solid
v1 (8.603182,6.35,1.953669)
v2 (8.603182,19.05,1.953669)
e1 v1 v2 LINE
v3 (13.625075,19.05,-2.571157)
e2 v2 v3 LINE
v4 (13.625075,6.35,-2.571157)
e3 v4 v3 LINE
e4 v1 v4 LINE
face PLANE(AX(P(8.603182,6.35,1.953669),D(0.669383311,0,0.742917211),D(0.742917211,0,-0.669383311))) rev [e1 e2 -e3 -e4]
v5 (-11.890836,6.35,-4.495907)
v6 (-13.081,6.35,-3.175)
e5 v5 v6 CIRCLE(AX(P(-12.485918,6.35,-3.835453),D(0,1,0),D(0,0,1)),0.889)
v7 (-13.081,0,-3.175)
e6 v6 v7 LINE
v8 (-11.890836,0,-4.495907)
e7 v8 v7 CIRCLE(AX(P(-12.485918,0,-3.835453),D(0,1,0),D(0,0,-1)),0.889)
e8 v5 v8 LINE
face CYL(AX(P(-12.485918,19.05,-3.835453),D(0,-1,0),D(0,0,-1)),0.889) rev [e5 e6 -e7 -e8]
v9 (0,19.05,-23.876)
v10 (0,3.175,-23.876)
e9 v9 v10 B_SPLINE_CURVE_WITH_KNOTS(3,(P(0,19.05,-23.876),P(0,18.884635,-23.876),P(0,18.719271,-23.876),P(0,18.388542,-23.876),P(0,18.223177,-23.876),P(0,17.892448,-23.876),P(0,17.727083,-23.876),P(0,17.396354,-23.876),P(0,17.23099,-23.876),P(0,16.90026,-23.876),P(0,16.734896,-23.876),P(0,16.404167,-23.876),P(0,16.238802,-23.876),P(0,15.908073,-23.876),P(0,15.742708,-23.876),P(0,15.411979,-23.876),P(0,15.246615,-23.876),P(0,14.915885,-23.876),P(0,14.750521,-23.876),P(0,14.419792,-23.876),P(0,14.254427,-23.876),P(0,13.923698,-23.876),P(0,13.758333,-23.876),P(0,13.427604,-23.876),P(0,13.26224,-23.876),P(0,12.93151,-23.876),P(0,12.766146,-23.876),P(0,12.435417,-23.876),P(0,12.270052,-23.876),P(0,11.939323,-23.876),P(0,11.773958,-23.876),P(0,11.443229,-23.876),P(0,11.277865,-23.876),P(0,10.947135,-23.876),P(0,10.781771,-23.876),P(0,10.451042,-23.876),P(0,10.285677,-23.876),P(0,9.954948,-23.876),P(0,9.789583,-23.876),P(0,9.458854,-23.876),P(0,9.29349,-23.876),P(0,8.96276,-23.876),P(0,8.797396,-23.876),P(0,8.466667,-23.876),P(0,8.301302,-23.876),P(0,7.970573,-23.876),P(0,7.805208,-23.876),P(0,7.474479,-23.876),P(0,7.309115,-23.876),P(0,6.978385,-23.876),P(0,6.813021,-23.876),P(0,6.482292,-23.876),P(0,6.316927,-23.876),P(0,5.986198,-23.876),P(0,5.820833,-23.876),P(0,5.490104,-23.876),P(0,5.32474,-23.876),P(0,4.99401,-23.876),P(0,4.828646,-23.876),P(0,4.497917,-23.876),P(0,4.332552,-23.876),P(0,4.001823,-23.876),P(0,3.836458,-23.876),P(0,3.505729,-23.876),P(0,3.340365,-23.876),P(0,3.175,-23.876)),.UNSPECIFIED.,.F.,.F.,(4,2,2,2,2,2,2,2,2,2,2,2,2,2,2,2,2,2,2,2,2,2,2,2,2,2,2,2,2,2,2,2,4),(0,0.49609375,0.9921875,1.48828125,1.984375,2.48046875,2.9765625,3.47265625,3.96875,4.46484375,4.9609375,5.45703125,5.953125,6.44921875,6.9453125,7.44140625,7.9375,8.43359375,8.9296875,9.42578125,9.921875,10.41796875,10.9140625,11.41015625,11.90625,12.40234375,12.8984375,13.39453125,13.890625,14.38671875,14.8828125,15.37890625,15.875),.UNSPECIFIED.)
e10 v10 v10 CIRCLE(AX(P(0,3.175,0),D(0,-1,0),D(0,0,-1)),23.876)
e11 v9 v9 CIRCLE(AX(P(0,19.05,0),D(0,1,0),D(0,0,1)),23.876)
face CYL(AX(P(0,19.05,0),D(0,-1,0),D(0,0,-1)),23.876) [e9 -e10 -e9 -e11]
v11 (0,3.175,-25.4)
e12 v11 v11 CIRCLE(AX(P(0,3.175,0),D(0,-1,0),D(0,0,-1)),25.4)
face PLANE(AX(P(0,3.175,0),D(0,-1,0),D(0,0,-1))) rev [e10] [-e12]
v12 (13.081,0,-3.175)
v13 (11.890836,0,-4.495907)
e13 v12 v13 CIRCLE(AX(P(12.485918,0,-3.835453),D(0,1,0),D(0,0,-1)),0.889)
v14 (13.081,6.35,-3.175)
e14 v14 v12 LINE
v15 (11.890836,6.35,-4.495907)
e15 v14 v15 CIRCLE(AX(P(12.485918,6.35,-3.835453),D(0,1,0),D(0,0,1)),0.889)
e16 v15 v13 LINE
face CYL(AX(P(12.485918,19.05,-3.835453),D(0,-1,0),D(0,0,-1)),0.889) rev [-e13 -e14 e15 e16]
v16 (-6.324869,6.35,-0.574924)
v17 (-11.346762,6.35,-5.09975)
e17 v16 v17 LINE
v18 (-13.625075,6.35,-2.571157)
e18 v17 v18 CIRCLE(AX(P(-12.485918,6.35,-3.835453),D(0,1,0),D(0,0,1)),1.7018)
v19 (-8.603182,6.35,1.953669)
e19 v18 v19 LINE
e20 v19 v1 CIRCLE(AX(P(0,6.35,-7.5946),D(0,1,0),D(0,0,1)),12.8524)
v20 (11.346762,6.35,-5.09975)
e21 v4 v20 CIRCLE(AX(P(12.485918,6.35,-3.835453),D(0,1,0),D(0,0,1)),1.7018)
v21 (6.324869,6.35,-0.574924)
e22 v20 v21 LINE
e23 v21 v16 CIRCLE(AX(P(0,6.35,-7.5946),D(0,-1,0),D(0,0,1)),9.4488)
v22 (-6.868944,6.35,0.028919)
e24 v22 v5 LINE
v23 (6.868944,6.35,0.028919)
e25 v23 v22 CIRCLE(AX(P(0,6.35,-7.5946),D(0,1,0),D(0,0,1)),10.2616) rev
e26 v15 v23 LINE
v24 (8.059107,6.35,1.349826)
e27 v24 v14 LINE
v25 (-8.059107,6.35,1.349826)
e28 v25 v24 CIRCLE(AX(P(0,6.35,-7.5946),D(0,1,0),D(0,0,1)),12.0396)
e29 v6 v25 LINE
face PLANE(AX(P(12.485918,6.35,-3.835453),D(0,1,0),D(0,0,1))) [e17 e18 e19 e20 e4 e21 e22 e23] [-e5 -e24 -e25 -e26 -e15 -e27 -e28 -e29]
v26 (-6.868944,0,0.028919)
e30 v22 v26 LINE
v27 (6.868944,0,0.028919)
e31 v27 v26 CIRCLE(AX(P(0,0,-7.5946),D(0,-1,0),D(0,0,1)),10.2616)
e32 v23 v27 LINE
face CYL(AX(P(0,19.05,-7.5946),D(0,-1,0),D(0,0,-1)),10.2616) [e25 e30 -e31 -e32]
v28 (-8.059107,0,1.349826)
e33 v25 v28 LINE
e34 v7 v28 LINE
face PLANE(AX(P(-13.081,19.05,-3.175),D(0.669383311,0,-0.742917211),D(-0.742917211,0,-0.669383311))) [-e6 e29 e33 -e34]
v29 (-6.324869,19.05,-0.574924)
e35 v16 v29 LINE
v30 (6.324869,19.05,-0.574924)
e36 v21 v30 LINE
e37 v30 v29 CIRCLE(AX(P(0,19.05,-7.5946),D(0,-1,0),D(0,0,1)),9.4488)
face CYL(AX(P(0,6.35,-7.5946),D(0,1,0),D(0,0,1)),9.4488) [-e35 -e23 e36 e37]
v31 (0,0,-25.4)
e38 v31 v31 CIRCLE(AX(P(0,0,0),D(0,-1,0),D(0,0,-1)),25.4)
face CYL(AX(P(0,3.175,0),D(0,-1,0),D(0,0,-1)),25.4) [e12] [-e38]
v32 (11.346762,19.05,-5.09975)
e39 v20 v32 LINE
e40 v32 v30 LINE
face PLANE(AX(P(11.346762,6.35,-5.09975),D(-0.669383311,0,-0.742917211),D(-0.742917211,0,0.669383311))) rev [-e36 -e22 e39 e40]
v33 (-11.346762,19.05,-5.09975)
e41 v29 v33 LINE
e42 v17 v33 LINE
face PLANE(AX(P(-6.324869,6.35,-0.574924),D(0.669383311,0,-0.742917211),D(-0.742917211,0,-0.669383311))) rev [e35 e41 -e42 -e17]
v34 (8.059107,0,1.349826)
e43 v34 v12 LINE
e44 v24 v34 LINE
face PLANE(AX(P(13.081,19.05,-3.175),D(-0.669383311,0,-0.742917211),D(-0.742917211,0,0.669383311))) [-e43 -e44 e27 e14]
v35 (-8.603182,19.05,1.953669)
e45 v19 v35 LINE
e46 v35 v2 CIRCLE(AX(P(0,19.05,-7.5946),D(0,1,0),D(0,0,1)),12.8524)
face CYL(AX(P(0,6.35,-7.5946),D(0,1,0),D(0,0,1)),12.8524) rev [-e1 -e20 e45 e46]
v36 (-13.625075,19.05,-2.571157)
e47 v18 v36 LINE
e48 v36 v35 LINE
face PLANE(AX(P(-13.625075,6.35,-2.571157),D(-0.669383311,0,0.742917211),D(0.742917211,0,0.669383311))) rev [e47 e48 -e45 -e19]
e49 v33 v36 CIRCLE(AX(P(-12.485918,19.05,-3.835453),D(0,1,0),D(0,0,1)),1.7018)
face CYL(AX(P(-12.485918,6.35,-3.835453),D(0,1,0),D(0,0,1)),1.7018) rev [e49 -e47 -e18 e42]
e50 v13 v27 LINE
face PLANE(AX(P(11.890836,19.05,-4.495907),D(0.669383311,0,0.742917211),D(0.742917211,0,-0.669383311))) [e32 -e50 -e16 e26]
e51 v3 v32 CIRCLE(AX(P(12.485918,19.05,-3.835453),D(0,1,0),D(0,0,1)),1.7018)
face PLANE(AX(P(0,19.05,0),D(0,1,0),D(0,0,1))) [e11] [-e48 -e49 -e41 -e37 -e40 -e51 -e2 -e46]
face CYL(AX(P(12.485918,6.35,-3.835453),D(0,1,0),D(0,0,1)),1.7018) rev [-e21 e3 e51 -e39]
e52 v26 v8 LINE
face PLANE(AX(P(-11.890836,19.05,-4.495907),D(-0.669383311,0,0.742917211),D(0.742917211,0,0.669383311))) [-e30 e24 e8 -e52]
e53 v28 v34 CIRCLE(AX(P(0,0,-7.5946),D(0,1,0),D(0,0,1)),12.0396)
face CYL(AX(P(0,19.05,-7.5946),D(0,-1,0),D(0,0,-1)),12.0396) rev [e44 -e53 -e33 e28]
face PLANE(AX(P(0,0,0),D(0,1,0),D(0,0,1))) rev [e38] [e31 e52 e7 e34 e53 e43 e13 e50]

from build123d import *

# Parameters (mm, degrees)
SKETCH2_R           = 23.876
BOSS_EXTRUDE1_DEPTH = 19.05
CUT_EXTRUDE2_DEPTH  = 12.7
SKETCH15_R          = 25.4
BOSS_EXTRUDE2_DEPTH = 3.175


with BuildPart() as part:
    # Sketch2 → Boss-Extrude1 (new body)
    with BuildSketch(Plane(origin=(0, 0, 0), x_dir=(1, 0, 0), z_dir=(0, 1, 0))):
        with Locations(Location((0, 0, 0), (0, 0, 90))):
            Circle(SKETCH2_R)
        with BuildLine():
            Line((-13.081, 3.175), (-8.059107313, -1.349826056))
            ThreePointArc((-8.059107313, -1.349826056), (0, -4.445), (8.059107313, -1.349826056))
            Line((8.059107313, -1.349826056), (13.081, 3.175))
            ThreePointArc((13.081, 3.175), (13.146371637, 4.430535164), (11.890836473, 4.495906802))
            Line((11.890836473, 4.495906802), (6.868943786, -0.028919255))
            ThreePointArc((6.868943786, -0.028919255), (0, -2.667), (-6.868943786, -0.028919255))
            Line((-6.868943786, -0.028919255), (-11.890836473, 4.495906802))
            ThreePointArc((-11.890836473, 4.495906802), (-13.146371637, 4.430535164), (-13.081, 3.175))
        make_face(mode=Mode.SUBTRACT)
    extrude(amount=BOSS_EXTRUDE1_DEPTH)

    # Sketch14 → Cut-Extrude2 (cut)
    with BuildSketch(Plane(origin=(0, 19.05, 0), x_dir=(1, 0, 0), z_dir=(0, 1, 0))):
        with BuildLine():
            Line((8.603182068, -1.953669166), (13.625074755, 2.571156891))
            ThreePointArc((13.625074755, 2.571156891), (13.750214746, 4.97460992), (11.346761717, 5.099749911))
            Line((11.346761717, 5.099749911), (6.32486903, 0.574923855))
            ThreePointArc((6.32486903, 0.574923855), (0, -1.8542), (-6.32486903, 0.574923855))
            Line((-6.32486903, 0.574923855), (-11.346761717, 5.099749911))
            ThreePointArc((-11.346761717, 5.099749911), (-13.750214746, 4.97460992), (-13.625074755, 2.571156891))
            Line((-13.625074755, 2.571156891), (-8.603182068, -1.953669166))
            ThreePointArc((-8.603182068, -1.953669166), (0, -5.2578), (8.603182068, -1.953669166))
        make_face()
    extrude(amount=-CUT_EXTRUDE2_DEPTH, mode=Mode.SUBTRACT)

    # Sketch15 → Boss-Extrude2 (add)
    with BuildSketch(Plane.XZ):
        with Locations(Location((0, 0, 0), (0, 0, 270))):
            Circle(SKETCH15_R)
        with BuildLine():
            Line((-6.868943786, 0.028919255), (-11.890836473, -4.495906802))
            ThreePointArc((-11.890836473, -4.495906802), (-13.146371637, -4.430535164), (-13.081, -3.175))
            Line((-13.081, -3.175), (-8.059107313, 1.349826056))
            ThreePointArc((-8.059107313, 1.349826056), (0, 4.445), (8.059107313, 1.349826056))
            Line((8.059107313, 1.349826056), (13.081, -3.175))
            ThreePointArc((13.081, -3.175), (13.146371637, -4.430535164), (11.890836473, -4.495906802))
            Line((11.890836473, -4.495906802), (6.868943786, 0.028919255))
            ThreePointArc((6.868943786, 0.028919255), (0, 2.667), (-6.868943786, 0.028919255))
        make_face(mode=Mode.SUBTRACT)
    extrude(amount=-BOSS_EXTRUDE2_DEPTH)


solid = part.part
